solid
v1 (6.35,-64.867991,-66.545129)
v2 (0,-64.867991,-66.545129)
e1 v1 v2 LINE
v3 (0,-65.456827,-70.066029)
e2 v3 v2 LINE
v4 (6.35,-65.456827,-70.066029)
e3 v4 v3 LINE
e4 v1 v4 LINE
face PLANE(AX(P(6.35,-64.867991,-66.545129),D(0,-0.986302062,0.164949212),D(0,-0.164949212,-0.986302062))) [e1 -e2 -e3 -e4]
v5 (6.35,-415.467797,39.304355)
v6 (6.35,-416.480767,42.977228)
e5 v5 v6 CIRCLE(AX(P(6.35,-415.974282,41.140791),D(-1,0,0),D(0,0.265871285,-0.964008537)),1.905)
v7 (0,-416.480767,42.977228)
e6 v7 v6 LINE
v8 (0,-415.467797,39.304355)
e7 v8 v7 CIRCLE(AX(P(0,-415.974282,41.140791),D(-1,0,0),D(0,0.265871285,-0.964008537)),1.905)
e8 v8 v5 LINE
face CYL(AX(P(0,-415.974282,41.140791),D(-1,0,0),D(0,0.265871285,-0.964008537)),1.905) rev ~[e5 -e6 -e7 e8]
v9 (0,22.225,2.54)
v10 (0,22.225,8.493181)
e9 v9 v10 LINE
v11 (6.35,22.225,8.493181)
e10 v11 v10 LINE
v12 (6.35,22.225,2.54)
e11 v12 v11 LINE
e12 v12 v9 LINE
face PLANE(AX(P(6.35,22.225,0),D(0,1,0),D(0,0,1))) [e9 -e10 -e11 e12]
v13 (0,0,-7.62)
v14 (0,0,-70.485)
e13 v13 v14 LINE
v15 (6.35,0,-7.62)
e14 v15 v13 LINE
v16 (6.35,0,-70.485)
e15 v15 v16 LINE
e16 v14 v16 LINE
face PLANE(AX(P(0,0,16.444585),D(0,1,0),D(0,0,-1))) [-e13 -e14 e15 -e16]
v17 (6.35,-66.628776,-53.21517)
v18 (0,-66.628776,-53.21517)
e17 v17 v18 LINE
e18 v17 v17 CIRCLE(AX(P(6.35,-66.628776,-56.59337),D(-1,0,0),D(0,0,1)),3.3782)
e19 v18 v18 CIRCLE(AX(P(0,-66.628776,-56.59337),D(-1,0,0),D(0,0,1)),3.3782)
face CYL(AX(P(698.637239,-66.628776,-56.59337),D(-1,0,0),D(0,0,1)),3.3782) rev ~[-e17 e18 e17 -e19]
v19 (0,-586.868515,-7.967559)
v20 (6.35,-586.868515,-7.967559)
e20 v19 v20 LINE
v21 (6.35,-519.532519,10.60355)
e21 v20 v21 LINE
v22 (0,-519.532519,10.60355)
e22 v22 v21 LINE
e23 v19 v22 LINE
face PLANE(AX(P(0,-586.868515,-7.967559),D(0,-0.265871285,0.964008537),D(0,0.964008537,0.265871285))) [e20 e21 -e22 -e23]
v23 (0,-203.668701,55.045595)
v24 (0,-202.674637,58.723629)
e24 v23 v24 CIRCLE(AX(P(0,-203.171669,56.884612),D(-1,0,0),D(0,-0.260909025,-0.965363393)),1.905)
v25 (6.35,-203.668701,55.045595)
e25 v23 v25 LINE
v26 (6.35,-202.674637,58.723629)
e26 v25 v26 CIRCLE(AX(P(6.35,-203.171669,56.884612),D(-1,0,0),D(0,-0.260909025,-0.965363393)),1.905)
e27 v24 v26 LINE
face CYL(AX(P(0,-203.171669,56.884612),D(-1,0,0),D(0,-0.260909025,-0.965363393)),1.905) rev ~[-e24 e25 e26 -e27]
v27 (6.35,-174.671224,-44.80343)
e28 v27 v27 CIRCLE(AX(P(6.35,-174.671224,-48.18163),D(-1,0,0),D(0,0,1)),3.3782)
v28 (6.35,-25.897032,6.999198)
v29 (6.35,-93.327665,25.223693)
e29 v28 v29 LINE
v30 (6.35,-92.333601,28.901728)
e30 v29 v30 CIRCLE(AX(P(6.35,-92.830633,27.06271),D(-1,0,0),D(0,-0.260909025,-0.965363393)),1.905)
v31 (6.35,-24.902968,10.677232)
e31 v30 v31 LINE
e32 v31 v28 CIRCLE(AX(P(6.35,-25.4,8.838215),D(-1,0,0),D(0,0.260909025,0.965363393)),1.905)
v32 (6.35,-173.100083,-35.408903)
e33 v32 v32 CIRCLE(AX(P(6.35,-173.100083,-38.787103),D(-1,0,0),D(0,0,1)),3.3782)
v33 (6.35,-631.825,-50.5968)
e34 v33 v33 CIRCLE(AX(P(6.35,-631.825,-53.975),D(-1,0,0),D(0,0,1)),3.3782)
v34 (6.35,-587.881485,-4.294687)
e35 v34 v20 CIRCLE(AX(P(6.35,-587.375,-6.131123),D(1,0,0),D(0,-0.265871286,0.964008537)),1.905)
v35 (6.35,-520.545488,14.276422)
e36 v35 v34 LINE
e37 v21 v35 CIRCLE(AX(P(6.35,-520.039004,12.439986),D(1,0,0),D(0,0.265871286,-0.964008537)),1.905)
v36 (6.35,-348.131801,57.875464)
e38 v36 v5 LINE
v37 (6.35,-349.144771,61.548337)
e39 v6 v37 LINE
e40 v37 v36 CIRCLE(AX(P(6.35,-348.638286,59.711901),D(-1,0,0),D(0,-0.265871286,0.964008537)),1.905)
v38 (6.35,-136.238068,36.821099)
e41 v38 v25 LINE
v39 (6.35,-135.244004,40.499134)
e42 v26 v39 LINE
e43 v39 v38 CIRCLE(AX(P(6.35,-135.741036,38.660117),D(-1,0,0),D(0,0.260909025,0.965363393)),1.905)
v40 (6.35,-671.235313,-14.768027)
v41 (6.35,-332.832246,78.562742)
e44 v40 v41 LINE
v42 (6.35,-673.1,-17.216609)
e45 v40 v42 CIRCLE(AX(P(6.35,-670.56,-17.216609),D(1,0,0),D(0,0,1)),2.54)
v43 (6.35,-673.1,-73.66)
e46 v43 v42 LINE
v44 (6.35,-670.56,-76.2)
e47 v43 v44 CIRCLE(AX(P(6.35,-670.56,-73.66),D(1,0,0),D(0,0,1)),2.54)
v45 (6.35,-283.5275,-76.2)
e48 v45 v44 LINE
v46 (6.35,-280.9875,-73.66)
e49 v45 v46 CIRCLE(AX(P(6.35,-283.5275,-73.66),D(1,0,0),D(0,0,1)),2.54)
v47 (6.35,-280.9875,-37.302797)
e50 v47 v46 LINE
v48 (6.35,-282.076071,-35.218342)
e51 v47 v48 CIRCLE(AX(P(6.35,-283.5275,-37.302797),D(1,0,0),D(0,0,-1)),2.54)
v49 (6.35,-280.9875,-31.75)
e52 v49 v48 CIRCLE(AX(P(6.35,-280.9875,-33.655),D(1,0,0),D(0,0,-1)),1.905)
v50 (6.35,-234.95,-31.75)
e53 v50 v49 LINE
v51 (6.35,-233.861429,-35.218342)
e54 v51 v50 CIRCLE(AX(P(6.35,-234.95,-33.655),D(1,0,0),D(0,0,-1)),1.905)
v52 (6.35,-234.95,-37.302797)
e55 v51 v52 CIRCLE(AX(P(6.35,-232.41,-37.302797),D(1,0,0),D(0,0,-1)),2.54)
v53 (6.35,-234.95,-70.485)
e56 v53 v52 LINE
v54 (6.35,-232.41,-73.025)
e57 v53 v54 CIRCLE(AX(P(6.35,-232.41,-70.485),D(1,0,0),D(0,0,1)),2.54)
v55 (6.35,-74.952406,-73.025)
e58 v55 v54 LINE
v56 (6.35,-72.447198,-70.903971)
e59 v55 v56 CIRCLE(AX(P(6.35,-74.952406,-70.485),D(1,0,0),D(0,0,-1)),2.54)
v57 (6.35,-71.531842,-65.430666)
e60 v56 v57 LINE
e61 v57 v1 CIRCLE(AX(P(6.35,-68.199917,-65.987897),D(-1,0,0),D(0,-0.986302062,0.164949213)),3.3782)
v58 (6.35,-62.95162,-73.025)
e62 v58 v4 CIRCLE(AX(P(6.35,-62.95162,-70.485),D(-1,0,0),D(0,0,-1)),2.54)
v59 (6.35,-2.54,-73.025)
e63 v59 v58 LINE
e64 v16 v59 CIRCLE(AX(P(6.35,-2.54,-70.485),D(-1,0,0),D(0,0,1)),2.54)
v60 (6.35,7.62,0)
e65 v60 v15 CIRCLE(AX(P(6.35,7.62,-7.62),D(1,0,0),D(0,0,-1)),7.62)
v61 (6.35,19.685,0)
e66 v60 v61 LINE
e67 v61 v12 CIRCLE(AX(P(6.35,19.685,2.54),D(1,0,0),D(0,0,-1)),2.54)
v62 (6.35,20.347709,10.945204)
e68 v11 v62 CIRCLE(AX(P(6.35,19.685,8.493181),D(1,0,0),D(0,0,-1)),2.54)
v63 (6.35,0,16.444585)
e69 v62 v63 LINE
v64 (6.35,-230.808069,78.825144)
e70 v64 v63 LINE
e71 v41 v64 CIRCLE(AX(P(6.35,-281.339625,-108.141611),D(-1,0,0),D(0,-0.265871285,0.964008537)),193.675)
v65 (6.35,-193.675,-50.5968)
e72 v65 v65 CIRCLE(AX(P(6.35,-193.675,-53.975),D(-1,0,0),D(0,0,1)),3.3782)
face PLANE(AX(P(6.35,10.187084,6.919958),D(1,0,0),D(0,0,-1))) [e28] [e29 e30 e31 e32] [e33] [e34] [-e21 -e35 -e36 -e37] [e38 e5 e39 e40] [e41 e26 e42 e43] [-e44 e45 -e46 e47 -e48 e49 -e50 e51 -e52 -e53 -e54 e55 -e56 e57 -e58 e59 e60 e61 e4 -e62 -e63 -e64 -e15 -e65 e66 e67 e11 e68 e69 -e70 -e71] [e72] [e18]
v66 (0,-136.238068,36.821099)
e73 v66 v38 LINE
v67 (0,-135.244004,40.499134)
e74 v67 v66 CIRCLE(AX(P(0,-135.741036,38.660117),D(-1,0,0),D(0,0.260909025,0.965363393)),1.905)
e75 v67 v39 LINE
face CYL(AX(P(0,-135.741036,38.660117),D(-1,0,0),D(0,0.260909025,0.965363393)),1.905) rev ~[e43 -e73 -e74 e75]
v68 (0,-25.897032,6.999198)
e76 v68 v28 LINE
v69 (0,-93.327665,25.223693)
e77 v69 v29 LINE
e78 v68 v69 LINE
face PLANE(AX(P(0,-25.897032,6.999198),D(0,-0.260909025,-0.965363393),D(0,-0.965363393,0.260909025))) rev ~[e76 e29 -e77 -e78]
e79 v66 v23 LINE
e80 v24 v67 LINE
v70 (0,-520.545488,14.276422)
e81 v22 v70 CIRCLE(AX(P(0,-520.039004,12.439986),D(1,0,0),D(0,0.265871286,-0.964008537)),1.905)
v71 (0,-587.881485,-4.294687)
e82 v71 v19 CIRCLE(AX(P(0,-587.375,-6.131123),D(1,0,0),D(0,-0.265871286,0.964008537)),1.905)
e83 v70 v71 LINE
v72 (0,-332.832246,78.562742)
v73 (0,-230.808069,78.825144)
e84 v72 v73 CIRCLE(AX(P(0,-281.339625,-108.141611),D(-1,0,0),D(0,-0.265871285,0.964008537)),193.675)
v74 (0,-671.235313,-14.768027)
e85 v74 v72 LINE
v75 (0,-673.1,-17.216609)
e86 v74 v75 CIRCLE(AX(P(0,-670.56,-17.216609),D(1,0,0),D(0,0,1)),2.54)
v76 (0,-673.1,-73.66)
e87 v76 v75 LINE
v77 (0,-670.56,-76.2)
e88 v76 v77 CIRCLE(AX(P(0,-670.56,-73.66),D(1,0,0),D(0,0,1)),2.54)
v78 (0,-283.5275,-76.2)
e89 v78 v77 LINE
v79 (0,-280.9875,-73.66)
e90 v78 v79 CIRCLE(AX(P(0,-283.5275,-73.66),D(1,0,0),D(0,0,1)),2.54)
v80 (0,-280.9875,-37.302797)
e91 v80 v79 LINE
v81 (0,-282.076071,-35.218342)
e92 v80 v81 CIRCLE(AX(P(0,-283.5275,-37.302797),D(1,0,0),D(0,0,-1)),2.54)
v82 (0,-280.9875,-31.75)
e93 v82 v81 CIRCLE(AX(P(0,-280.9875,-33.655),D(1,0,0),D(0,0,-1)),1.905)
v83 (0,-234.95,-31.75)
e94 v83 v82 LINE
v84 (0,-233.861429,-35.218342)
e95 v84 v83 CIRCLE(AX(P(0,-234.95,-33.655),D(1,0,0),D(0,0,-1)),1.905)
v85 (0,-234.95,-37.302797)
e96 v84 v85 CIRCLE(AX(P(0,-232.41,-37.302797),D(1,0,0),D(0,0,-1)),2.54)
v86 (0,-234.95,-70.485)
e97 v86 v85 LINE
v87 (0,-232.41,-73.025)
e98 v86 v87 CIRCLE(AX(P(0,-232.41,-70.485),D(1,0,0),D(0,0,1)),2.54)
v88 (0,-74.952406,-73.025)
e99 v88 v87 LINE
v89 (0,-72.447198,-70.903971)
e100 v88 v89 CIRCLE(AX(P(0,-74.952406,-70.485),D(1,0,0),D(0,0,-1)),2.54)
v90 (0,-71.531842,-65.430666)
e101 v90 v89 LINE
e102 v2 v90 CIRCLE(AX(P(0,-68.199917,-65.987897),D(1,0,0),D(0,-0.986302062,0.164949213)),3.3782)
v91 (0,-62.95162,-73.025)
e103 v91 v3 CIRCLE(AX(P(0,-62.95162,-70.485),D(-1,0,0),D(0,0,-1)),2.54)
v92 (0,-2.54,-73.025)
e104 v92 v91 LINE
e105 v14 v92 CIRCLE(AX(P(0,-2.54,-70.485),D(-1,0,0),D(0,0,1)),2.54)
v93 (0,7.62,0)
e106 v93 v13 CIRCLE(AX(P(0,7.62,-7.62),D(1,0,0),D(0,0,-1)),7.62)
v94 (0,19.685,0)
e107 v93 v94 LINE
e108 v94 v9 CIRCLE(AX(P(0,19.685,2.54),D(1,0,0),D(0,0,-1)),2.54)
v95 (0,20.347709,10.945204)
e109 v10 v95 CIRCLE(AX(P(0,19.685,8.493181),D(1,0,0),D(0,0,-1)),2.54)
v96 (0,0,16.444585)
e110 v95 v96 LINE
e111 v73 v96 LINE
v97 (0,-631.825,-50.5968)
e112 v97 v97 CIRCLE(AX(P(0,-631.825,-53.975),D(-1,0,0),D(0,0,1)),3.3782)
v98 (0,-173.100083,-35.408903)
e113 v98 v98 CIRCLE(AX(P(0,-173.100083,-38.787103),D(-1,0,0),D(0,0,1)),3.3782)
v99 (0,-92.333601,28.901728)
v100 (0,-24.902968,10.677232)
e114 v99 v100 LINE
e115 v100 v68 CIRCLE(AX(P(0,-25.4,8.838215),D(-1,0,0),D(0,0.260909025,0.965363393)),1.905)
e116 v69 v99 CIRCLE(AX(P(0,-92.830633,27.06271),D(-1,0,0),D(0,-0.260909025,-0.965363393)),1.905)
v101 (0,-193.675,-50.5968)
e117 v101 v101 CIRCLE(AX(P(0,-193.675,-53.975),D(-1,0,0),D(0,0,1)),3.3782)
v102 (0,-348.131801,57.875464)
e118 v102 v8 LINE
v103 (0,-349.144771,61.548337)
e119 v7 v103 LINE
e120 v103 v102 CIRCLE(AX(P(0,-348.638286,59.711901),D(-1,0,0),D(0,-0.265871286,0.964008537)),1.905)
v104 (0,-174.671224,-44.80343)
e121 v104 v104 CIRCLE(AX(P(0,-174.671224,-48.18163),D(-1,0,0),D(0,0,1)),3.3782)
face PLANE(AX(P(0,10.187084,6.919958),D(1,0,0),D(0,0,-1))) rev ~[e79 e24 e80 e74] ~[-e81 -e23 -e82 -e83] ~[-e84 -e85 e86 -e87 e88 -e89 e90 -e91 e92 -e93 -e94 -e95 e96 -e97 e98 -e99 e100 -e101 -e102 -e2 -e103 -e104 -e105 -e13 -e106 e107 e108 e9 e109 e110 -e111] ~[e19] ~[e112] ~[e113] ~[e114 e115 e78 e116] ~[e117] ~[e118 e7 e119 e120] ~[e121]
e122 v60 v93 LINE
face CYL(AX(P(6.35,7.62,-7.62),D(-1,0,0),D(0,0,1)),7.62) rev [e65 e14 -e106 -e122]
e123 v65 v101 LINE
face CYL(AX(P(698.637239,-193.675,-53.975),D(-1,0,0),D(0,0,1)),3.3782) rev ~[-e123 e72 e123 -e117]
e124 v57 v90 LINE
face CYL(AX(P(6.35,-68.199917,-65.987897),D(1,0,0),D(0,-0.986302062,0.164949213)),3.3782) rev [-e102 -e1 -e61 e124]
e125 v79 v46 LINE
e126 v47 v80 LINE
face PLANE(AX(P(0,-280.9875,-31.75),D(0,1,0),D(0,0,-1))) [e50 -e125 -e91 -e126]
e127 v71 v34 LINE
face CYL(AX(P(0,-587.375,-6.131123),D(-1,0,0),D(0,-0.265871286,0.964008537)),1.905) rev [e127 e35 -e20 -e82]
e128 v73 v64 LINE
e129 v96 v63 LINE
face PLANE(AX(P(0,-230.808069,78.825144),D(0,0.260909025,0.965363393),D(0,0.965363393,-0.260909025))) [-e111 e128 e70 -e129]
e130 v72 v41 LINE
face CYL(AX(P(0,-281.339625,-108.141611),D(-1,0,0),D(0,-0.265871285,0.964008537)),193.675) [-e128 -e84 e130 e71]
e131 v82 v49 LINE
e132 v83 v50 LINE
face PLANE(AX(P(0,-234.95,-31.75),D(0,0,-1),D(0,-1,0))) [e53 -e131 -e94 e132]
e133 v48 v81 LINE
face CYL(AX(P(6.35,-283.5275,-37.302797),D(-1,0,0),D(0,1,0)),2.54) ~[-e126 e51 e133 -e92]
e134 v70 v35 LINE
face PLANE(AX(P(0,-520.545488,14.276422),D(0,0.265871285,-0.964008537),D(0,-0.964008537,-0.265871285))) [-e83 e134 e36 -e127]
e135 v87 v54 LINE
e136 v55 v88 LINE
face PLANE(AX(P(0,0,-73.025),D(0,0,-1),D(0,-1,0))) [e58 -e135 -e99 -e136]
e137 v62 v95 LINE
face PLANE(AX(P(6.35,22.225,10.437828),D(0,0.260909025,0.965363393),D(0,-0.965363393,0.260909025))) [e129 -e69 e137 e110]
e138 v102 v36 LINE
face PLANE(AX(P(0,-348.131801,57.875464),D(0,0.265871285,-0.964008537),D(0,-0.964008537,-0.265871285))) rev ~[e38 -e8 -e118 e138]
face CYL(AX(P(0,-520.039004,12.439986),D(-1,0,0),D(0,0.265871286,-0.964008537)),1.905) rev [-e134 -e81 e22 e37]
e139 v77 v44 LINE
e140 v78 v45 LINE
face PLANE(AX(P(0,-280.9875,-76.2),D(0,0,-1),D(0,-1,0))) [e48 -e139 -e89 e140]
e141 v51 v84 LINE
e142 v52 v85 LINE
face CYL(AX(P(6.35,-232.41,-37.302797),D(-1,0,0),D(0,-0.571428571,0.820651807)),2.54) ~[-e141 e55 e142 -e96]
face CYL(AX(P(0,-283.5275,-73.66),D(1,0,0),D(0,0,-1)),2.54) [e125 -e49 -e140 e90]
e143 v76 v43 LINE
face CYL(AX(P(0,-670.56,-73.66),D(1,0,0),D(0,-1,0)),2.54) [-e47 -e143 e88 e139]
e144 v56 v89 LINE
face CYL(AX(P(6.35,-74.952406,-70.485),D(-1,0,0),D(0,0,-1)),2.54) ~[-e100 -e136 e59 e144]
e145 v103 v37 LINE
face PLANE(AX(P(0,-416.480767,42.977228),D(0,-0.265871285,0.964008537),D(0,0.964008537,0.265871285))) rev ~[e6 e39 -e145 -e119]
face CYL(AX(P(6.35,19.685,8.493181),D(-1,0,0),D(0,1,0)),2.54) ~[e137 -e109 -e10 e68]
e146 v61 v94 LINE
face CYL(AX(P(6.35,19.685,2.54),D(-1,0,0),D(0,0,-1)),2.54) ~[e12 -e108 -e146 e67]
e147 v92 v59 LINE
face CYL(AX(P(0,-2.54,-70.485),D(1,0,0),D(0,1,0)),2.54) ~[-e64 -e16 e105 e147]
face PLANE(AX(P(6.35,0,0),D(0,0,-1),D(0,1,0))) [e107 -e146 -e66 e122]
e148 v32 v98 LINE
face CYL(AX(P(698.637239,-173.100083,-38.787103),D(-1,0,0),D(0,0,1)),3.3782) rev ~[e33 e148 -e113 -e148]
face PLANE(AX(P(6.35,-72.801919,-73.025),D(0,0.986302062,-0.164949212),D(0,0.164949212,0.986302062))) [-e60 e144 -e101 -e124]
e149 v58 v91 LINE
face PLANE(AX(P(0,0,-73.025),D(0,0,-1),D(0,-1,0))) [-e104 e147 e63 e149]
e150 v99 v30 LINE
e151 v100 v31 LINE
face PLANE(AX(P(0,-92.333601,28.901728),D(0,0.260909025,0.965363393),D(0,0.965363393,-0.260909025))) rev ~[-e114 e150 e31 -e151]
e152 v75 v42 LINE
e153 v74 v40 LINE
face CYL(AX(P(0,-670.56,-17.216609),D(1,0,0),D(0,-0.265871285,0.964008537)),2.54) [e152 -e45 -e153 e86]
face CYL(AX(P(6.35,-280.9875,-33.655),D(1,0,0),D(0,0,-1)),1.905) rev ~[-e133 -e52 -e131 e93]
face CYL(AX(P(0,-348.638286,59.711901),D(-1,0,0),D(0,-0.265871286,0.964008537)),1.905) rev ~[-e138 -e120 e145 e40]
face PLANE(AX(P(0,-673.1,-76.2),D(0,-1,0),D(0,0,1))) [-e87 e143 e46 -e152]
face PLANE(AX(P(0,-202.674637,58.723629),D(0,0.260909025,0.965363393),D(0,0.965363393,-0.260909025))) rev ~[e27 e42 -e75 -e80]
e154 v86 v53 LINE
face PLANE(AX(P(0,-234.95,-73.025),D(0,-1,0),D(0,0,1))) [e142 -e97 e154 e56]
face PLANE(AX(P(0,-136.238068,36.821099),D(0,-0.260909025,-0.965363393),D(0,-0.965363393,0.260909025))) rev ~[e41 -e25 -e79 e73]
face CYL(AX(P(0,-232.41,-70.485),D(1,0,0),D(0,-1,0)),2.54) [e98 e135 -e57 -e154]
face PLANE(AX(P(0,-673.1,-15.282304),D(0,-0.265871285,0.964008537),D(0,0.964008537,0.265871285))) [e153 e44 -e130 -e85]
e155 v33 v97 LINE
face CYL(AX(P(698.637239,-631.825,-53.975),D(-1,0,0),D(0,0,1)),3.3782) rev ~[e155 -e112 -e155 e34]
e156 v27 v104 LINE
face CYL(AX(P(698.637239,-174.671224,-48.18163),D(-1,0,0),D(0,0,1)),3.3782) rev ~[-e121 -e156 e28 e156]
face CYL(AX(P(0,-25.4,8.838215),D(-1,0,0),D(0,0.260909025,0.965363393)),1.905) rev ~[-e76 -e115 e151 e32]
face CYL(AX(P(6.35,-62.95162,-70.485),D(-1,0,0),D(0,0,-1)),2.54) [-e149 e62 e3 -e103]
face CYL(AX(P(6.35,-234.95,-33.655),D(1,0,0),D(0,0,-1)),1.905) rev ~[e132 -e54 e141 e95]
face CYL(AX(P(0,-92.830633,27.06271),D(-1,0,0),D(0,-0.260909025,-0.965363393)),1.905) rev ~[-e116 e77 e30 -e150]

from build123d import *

# Parameters (mm, degrees)
BOSS_EXTRUDE1_DEPTH     = 6.35
F_1_4_CLEARANCE_HOLE1_D = 6.7564
CUT_EXTRUDE1_DEPTH      = 679.542476995
SKETCH9_R               = 1.905
CUT_EXTRUDE2_DEPTH      = 679.542476995
BOSS_EXTRUDE2_DEPTH     = 6.35
FILLET1_R               = 2.54
FILLET2_R               = 7.62


with BuildPart() as part:
    # Sketch4 → Boss-Extrude1 (new body)
    with BuildSketch(Plane(origin=(0, 0, 0), x_dir=(0, 0, -1), z_dir=(1, 0, 0))):
        with BuildLine():
            Line((31.75, -280.9875), (76.2, -280.9875))
            Line((76.2, -280.9875), (76.2, -673.1))
            Line((76.2, -673.1), (31.75, -673.1))
            Line((31.75, -673.1), (15.282303513, -673.1))
            Line((15.282303513, -673.1), (-78.562742141, -332.832245873))
            ThreePointArc((-78.562742141, -332.832245873), (-85.532748147, -281.837746657), (-78.825143864, -230.808069226))
            Line((-78.825143864, -230.808069226), (-16.444584614, 0))
            Line((-16.444584614, 0), (0, 0))
            Line((0, 0), (73.025, 0))
            Line((73.025, 0), (73.025, -234.95))
            Line((73.025, -234.95), (31.75, -234.95))
            Line((31.75, -234.95), (31.75, -280.9875))
        make_face()
        with BuildLine():
            Line((-28.901727688, -92.33360131), (-10.677232282, -24.902968307))
            ThreePointArc((-10.677232282, -24.902968307), (-8.341183326, -23.560982736), (-6.999197755, -25.897031693))
            Line((-6.999197755, -25.897031693), (-25.223693161, -93.327664696))
            ThreePointArc((-25.223693161, -93.327664696), (-27.559742118, -94.669650267), (-28.901727688, -92.33360131))
        make_face(mode=Mode.SUBTRACT)
        with BuildLine():
            Line((-42.977227606, -416.480766903), (-61.548336892, -349.144770587))
            ThreePointArc((-61.548336892, -349.144770587), (-60.218385428, -346.801849525), (-57.875464366, -348.13180099))
            Line((-57.875464366, -348.13180099), (-39.304355079, -415.467797306))
            ThreePointArc((-39.304355079, -415.467797306), (-40.634306544, -417.810718368), (-42.977227606, -416.480766903))
        make_face(mode=Mode.SUBTRACT)
        with BuildLine():
            Line((7.967559467, -586.868515201), (-10.603549819, -519.532518885))
            ThreePointArc((-10.603549819, -519.532518885), (-12.946470881, -518.202567421), (-14.276422345, -520.545488483))
            Line((-14.276422345, -520.545488483), (4.294686941, -587.881484799))
            ThreePointArc((4.294686941, -587.881484799), (6.637608003, -589.211436263), (7.967559467, -586.868515201))
        make_face(mode=Mode.SUBTRACT)
        with BuildLine():
            Line((-58.723629262, -202.674637133), (-40.499133856, -135.24400413))
            ThreePointArc((-40.499133856, -135.24400413), (-38.163084899, -133.902018559), (-36.821099329, -136.238067516))
            Line((-36.821099329, -136.238067516), (-55.045594735, -203.668700519))
            ThreePointArc((-55.045594735, -203.668700519), (-57.381643691, -205.01068609), (-58.723629262, -202.674637133))
        make_face(mode=Mode.SUBTRACT)
    extrude(amount=BOSS_EXTRUDE1_DEPTH)

    # 1/4 Clearance Hole1 (through all)
    with Locations(Plane(origin=(6.35, 0, 0), x_dir=(0, 0, -1), z_dir=(1, 0, 0))):
        with Locations((53.975, -631.825), (53.975, -193.675), (48.181629833, -174.671224416), (38.787102693, -173.100083168), (56.593370167, -66.628775584)):
            Hole(F_1_4_CLEARANCE_HOLE1_D / 2)

    # Sketch7 → Cut-Extrude1 (cut, through all)
    with BuildSketch(Plane(origin=(6.35, 0, 0), x_dir=(0, 0, -1), z_dir=(1, 0, 0))):
        with BuildLine():
            Line((73.025, -72.801919324), (65.430665878, -71.531842458))
            ThreePointArc((65.430665878, -71.531842458), (62.655971682, -67.642685403), (66.545128736, -64.867991206))
            Line((66.545128736, -64.867991206), (73.025, -65.951685241))
            Line((73.025, -65.951685241), (73.025, -72.801919324))
        make_face()
    extrude(amount=-CUT_EXTRUDE1_DEPTH, mode=Mode.SUBTRACT)

    # Sketch9 → Cut-Extrude2 (cut, through all)
    with BuildSketch(Plane(origin=(6.35, 0, 0), x_dir=(0, 0, -1), z_dir=(1, 0, 0))):
        with Locations((33.655, -234.95)):
            Circle(SKETCH9_R)
        with Locations((33.655, -280.9875)):
            Circle(SKETCH9_R)
    extrude(amount=-CUT_EXTRUDE2_DEPTH, mode=Mode.SUBTRACT)

    # Sketch10 → Boss-Extrude2 (add)
    with BuildSketch(Plane(origin=(6.35, 0, 0), x_dir=(0, 0, -1), z_dir=(1, 0, 0))):
        Polygon((0, 0), (0, 22.225), (-10.437827857, 22.225), (-16.444584614, 0), align=None)
    extrude(amount=-BOSS_EXTRUDE2_DEPTH)

    # Fillet1
    fillet1_edges = [part.edges().sort_by_distance(p)[0] for p in [
        (3.175, -65.951685241, -73.025),
        (3.175, -72.801919324, -73.025),
        (3.175, -280.9875, -35.56),
        (3.175, -234.95, -35.56),
        (3.175, 22.225, 10.437827857),
        (3.175, 22.225, 0),
        (3.175, -280.9875, -76.2),
        (3.175, -673.1, -76.2),
        (3.175, -673.1, -15.282303513),
        (3.175, 0, -73.025),
        (3.175, -234.95, -73.025),
    ]]
    fillet(fillet1_edges, radius=FILLET1_R)

    # Fillet2
    fillet2_edges = [part.edges().sort_by_distance(p)[0] for p in [
        (3.175, 0, 0),
    ]]
    fillet(fillet2_edges, radius=FILLET2_R)


solid = part.part
